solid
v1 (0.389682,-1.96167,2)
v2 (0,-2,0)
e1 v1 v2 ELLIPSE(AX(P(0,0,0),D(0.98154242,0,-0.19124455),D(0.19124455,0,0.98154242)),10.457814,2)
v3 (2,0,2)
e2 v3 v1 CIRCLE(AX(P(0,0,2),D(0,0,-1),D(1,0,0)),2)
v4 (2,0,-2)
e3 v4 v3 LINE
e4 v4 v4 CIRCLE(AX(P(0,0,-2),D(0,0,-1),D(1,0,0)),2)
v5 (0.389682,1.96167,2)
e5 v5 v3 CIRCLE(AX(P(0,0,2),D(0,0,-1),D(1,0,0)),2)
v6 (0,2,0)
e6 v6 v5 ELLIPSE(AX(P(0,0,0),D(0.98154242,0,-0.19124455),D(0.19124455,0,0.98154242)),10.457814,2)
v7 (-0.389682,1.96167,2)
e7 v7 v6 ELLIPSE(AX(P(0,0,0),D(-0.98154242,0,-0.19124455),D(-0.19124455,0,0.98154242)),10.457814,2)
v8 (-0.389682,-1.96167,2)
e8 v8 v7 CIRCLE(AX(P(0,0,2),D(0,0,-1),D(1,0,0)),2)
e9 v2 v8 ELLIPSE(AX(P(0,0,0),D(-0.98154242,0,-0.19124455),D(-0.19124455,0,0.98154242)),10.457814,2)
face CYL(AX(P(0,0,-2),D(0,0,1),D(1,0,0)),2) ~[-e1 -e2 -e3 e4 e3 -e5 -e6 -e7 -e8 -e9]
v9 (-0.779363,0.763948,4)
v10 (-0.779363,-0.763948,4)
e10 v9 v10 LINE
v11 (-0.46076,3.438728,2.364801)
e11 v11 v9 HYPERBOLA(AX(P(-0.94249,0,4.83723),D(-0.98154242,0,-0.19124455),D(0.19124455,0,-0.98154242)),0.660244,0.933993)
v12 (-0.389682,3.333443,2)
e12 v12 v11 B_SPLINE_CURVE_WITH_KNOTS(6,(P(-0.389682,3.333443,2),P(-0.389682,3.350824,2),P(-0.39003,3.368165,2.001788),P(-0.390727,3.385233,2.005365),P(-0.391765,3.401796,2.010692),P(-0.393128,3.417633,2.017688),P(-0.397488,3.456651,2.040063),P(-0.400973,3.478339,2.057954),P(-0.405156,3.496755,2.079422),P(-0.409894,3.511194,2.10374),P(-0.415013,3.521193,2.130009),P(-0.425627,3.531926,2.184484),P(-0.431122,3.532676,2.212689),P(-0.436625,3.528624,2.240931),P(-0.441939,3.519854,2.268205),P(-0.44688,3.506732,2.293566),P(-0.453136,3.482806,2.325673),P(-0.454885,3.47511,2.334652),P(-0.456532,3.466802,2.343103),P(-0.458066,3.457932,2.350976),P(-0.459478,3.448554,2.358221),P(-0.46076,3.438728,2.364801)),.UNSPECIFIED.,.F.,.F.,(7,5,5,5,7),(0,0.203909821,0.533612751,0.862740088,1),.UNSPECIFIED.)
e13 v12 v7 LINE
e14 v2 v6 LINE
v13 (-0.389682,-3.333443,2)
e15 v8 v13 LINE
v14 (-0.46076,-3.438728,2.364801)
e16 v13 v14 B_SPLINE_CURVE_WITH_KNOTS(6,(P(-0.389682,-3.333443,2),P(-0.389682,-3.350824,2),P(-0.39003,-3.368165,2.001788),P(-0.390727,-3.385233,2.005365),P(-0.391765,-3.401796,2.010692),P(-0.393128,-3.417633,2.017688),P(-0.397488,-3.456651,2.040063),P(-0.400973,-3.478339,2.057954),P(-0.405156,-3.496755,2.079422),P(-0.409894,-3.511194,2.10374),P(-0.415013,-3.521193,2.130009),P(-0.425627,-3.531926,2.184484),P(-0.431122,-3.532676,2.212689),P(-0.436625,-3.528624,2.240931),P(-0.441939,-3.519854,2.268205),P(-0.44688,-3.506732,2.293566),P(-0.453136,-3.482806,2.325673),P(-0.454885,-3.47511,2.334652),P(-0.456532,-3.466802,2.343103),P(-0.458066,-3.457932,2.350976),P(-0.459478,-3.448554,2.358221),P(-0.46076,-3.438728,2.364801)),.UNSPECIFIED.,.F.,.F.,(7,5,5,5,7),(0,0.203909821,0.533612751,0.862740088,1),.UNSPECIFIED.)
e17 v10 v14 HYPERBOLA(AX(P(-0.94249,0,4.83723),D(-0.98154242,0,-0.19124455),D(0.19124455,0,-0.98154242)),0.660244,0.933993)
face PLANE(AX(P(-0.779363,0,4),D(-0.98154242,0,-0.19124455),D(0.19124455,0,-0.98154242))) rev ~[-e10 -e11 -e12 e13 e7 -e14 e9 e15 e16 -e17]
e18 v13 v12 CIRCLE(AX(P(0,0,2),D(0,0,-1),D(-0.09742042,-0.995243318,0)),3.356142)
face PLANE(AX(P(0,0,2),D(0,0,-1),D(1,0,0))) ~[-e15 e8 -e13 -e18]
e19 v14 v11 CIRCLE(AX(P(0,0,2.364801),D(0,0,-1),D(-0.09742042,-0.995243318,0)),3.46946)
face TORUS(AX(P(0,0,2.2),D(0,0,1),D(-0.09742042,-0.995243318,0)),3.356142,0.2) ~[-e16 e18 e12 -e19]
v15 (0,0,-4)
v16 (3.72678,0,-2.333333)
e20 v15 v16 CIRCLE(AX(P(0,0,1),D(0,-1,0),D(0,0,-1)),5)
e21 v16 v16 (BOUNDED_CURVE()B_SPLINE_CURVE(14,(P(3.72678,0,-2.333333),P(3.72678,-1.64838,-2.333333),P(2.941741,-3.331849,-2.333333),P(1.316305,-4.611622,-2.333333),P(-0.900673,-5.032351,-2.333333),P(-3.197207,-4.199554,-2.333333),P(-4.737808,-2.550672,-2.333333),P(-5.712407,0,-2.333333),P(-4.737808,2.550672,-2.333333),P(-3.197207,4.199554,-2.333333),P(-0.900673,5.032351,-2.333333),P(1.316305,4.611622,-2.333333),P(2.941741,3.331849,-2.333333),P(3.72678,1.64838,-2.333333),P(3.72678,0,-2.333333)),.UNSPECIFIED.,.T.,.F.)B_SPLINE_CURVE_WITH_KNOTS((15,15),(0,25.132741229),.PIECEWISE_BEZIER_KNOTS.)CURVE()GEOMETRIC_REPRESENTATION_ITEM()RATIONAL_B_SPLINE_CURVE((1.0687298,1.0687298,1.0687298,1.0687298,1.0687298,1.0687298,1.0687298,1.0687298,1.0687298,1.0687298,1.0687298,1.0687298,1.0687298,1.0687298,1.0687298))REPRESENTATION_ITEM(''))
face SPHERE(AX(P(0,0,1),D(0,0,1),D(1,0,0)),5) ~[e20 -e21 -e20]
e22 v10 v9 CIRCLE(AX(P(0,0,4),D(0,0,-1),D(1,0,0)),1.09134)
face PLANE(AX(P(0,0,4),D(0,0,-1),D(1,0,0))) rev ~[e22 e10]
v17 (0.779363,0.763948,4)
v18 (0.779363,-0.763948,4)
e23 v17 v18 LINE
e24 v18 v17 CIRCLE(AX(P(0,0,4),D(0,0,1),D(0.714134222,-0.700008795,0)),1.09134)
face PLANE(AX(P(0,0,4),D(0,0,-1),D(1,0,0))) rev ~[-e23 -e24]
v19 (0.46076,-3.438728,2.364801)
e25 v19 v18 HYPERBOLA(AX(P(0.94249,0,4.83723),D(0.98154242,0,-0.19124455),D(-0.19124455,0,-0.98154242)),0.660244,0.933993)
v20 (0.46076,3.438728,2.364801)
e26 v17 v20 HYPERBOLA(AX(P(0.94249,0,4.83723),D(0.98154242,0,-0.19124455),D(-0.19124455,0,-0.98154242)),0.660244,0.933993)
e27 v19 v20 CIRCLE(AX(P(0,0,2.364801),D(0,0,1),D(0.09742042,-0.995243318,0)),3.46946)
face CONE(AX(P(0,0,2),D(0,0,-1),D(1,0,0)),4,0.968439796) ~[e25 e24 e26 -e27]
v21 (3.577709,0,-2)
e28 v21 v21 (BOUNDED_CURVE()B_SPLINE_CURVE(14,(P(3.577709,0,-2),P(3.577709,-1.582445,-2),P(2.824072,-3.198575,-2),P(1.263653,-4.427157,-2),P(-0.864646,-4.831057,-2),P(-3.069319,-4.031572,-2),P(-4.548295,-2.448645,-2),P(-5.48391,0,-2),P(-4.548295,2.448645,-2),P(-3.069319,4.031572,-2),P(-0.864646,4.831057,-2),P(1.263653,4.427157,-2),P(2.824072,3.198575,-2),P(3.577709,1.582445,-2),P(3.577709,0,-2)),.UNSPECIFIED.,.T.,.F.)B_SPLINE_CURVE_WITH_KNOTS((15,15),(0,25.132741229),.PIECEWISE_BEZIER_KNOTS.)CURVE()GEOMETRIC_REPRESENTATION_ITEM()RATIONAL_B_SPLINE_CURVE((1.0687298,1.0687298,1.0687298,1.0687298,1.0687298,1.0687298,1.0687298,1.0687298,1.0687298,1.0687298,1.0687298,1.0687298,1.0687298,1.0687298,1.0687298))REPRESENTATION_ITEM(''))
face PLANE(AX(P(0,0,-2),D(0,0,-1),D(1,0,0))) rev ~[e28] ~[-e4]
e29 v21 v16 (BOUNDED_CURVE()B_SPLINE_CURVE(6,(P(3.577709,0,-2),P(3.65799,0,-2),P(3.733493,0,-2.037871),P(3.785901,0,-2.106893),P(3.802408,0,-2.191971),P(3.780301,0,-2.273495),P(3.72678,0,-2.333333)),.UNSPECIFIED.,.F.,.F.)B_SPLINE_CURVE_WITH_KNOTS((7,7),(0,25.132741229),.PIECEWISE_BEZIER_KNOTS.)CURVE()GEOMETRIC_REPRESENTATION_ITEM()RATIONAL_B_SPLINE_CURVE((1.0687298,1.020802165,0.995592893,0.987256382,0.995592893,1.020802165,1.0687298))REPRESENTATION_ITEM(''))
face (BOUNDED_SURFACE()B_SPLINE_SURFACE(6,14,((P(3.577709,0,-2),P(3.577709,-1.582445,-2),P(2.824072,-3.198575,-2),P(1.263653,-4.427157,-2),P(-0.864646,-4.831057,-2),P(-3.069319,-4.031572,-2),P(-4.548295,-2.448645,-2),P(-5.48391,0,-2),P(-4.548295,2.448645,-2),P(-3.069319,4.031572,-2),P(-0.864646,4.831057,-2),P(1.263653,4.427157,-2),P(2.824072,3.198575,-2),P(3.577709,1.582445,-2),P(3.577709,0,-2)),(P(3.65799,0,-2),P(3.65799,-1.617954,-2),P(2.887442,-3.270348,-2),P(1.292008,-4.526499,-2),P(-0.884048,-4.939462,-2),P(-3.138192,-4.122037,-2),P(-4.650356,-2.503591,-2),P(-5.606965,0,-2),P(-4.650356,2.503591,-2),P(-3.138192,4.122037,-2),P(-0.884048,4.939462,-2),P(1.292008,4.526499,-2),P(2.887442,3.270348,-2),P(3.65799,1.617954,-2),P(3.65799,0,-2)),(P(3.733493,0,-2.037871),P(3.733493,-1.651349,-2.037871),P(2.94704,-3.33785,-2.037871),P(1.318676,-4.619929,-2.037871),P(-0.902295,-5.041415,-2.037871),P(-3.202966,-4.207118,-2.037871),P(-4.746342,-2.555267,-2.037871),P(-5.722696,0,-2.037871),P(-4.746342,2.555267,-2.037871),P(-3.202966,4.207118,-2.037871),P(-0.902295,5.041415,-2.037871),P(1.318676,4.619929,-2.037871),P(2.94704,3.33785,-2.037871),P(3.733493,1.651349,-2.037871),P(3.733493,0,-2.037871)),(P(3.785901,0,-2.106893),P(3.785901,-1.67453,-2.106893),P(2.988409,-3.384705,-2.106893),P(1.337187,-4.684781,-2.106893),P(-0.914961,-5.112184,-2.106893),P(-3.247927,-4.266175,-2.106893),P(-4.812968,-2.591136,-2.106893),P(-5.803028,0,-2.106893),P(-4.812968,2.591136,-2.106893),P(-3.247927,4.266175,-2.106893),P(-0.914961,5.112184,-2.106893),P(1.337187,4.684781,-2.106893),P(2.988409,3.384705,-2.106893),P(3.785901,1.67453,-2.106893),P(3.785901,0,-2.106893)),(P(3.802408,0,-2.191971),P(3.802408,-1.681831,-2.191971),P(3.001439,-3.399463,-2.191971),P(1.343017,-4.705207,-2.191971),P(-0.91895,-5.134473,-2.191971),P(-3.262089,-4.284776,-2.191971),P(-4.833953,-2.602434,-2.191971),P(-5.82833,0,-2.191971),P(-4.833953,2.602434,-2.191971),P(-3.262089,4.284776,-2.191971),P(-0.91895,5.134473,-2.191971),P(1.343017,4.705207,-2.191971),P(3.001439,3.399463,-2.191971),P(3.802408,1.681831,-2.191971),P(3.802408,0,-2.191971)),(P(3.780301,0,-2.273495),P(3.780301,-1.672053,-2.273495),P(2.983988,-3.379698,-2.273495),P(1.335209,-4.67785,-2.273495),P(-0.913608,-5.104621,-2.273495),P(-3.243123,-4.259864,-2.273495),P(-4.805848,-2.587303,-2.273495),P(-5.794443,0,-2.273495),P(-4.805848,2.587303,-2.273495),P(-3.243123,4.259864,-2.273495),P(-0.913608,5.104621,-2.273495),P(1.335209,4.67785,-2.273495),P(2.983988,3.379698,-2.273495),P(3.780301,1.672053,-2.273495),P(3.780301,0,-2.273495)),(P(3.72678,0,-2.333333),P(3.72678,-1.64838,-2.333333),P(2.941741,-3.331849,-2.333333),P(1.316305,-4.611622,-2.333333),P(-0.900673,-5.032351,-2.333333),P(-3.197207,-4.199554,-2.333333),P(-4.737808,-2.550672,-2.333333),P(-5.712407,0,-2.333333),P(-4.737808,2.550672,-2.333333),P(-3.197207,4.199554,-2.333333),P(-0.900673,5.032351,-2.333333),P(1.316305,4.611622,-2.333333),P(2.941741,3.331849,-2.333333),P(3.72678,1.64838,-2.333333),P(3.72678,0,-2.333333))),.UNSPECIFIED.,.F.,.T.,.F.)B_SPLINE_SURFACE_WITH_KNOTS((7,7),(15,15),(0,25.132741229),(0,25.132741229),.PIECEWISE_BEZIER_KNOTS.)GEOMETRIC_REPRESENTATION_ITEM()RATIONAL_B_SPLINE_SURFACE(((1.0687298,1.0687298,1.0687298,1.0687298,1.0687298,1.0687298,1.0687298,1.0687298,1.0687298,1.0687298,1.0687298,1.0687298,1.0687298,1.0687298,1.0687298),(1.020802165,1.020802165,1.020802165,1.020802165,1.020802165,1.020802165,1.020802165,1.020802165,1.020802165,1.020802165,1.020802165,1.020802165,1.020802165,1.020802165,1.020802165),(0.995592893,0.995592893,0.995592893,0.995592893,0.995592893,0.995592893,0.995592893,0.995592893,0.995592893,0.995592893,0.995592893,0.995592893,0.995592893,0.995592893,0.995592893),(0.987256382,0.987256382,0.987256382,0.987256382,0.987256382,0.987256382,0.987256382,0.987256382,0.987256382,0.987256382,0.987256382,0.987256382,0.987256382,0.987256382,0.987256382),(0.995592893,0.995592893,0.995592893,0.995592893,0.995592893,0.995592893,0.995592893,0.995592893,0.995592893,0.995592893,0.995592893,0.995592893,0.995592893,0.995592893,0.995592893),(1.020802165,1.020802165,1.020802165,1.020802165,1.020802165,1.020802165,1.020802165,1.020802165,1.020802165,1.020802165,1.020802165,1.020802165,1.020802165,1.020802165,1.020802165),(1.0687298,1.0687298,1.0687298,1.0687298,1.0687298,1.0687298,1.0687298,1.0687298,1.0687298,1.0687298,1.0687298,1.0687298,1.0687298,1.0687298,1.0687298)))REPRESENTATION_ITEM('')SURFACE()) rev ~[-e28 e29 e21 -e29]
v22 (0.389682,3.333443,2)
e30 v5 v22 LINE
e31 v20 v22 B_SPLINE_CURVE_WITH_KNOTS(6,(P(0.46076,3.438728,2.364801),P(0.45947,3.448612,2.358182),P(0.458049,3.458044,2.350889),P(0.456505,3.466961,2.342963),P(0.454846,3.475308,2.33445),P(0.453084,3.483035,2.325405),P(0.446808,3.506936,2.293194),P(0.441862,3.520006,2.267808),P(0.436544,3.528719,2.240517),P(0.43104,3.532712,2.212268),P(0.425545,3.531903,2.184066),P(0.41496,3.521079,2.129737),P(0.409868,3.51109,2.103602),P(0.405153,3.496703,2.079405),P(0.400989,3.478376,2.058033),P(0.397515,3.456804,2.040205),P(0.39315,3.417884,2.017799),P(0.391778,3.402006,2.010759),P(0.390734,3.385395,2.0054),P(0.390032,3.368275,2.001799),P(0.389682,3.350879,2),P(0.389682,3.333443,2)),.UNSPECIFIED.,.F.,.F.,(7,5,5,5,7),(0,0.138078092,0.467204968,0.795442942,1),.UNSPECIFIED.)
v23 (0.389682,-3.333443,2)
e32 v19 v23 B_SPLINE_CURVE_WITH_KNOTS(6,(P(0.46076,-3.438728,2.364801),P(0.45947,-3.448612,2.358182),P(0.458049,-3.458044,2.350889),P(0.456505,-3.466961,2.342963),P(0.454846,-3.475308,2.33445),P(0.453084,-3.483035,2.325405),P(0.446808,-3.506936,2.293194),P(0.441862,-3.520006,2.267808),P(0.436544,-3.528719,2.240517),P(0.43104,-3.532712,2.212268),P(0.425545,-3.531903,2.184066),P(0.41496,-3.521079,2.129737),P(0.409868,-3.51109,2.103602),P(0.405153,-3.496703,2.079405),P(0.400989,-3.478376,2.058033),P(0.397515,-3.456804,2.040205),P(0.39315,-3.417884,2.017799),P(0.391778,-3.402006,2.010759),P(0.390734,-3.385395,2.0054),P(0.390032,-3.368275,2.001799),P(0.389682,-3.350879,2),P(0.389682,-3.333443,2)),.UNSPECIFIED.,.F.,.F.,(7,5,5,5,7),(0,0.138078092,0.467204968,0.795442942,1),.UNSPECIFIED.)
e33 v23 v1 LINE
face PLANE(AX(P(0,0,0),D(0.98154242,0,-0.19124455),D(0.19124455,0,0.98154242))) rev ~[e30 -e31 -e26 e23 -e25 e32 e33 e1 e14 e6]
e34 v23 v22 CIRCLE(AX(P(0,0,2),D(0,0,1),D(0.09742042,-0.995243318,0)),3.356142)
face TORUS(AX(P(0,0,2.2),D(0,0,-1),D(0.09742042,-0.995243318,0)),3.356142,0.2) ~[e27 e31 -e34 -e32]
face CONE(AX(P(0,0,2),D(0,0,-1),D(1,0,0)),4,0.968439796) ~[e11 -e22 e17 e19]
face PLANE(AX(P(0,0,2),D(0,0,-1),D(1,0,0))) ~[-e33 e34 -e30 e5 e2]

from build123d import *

# Parameters (mm, degrees)
F3_DEPTH = 12.5
F4_R     = 0.2


with BuildPart() as f1:
    # F0 (on Front) → F1 (revolve)
    with BuildSketch(Plane.XZ):
        with BuildLine():
            Line((1.091340166, 4), (0.7793633606, 4))
            Line((0.7793633606, 4), (0, 2.1581007758))
            Line((0, 2.1581007758), (0, -4))
            ThreePointArc((0, -4), (2.2360679775, -3.472135955), (4, -2))
            Line((4, -2), (2, -2))
            Line((2, -2), (2, 0))
            Line((2, 0), (2, 2))
            Line((2, 2), (4, 2))
            Line((4, 2), (1.091340166, 4))
        make_face()
    revolve(axis=Axis((0, 0, 0), (0, 0, -1)))

    # F2 (on Front) → F3 (cut, symmetric)
    with BuildSketch(Plane.XZ):
        Polygon((0.7793633606, 4), (-0.7793633606, 4), (0, 0), align=None)
    extrude(amount=F3_DEPTH, both=True, mode=Mode.SUBTRACT)

    # F4
    f4_edges = [f1.edges().sort_by_distance(p)[0] for p in [
        (4, 0, 2),
        (-4, 0, 2),
        (-4, 0, -2),
    ]]
    fillet(f4_edges, radius=F4_R)


with BuildPart() as f5_1:
    # F5: copy of F1
    add(f1.part.moved(Location((-19.8, 0, -17.8))))


solid = f1.part
